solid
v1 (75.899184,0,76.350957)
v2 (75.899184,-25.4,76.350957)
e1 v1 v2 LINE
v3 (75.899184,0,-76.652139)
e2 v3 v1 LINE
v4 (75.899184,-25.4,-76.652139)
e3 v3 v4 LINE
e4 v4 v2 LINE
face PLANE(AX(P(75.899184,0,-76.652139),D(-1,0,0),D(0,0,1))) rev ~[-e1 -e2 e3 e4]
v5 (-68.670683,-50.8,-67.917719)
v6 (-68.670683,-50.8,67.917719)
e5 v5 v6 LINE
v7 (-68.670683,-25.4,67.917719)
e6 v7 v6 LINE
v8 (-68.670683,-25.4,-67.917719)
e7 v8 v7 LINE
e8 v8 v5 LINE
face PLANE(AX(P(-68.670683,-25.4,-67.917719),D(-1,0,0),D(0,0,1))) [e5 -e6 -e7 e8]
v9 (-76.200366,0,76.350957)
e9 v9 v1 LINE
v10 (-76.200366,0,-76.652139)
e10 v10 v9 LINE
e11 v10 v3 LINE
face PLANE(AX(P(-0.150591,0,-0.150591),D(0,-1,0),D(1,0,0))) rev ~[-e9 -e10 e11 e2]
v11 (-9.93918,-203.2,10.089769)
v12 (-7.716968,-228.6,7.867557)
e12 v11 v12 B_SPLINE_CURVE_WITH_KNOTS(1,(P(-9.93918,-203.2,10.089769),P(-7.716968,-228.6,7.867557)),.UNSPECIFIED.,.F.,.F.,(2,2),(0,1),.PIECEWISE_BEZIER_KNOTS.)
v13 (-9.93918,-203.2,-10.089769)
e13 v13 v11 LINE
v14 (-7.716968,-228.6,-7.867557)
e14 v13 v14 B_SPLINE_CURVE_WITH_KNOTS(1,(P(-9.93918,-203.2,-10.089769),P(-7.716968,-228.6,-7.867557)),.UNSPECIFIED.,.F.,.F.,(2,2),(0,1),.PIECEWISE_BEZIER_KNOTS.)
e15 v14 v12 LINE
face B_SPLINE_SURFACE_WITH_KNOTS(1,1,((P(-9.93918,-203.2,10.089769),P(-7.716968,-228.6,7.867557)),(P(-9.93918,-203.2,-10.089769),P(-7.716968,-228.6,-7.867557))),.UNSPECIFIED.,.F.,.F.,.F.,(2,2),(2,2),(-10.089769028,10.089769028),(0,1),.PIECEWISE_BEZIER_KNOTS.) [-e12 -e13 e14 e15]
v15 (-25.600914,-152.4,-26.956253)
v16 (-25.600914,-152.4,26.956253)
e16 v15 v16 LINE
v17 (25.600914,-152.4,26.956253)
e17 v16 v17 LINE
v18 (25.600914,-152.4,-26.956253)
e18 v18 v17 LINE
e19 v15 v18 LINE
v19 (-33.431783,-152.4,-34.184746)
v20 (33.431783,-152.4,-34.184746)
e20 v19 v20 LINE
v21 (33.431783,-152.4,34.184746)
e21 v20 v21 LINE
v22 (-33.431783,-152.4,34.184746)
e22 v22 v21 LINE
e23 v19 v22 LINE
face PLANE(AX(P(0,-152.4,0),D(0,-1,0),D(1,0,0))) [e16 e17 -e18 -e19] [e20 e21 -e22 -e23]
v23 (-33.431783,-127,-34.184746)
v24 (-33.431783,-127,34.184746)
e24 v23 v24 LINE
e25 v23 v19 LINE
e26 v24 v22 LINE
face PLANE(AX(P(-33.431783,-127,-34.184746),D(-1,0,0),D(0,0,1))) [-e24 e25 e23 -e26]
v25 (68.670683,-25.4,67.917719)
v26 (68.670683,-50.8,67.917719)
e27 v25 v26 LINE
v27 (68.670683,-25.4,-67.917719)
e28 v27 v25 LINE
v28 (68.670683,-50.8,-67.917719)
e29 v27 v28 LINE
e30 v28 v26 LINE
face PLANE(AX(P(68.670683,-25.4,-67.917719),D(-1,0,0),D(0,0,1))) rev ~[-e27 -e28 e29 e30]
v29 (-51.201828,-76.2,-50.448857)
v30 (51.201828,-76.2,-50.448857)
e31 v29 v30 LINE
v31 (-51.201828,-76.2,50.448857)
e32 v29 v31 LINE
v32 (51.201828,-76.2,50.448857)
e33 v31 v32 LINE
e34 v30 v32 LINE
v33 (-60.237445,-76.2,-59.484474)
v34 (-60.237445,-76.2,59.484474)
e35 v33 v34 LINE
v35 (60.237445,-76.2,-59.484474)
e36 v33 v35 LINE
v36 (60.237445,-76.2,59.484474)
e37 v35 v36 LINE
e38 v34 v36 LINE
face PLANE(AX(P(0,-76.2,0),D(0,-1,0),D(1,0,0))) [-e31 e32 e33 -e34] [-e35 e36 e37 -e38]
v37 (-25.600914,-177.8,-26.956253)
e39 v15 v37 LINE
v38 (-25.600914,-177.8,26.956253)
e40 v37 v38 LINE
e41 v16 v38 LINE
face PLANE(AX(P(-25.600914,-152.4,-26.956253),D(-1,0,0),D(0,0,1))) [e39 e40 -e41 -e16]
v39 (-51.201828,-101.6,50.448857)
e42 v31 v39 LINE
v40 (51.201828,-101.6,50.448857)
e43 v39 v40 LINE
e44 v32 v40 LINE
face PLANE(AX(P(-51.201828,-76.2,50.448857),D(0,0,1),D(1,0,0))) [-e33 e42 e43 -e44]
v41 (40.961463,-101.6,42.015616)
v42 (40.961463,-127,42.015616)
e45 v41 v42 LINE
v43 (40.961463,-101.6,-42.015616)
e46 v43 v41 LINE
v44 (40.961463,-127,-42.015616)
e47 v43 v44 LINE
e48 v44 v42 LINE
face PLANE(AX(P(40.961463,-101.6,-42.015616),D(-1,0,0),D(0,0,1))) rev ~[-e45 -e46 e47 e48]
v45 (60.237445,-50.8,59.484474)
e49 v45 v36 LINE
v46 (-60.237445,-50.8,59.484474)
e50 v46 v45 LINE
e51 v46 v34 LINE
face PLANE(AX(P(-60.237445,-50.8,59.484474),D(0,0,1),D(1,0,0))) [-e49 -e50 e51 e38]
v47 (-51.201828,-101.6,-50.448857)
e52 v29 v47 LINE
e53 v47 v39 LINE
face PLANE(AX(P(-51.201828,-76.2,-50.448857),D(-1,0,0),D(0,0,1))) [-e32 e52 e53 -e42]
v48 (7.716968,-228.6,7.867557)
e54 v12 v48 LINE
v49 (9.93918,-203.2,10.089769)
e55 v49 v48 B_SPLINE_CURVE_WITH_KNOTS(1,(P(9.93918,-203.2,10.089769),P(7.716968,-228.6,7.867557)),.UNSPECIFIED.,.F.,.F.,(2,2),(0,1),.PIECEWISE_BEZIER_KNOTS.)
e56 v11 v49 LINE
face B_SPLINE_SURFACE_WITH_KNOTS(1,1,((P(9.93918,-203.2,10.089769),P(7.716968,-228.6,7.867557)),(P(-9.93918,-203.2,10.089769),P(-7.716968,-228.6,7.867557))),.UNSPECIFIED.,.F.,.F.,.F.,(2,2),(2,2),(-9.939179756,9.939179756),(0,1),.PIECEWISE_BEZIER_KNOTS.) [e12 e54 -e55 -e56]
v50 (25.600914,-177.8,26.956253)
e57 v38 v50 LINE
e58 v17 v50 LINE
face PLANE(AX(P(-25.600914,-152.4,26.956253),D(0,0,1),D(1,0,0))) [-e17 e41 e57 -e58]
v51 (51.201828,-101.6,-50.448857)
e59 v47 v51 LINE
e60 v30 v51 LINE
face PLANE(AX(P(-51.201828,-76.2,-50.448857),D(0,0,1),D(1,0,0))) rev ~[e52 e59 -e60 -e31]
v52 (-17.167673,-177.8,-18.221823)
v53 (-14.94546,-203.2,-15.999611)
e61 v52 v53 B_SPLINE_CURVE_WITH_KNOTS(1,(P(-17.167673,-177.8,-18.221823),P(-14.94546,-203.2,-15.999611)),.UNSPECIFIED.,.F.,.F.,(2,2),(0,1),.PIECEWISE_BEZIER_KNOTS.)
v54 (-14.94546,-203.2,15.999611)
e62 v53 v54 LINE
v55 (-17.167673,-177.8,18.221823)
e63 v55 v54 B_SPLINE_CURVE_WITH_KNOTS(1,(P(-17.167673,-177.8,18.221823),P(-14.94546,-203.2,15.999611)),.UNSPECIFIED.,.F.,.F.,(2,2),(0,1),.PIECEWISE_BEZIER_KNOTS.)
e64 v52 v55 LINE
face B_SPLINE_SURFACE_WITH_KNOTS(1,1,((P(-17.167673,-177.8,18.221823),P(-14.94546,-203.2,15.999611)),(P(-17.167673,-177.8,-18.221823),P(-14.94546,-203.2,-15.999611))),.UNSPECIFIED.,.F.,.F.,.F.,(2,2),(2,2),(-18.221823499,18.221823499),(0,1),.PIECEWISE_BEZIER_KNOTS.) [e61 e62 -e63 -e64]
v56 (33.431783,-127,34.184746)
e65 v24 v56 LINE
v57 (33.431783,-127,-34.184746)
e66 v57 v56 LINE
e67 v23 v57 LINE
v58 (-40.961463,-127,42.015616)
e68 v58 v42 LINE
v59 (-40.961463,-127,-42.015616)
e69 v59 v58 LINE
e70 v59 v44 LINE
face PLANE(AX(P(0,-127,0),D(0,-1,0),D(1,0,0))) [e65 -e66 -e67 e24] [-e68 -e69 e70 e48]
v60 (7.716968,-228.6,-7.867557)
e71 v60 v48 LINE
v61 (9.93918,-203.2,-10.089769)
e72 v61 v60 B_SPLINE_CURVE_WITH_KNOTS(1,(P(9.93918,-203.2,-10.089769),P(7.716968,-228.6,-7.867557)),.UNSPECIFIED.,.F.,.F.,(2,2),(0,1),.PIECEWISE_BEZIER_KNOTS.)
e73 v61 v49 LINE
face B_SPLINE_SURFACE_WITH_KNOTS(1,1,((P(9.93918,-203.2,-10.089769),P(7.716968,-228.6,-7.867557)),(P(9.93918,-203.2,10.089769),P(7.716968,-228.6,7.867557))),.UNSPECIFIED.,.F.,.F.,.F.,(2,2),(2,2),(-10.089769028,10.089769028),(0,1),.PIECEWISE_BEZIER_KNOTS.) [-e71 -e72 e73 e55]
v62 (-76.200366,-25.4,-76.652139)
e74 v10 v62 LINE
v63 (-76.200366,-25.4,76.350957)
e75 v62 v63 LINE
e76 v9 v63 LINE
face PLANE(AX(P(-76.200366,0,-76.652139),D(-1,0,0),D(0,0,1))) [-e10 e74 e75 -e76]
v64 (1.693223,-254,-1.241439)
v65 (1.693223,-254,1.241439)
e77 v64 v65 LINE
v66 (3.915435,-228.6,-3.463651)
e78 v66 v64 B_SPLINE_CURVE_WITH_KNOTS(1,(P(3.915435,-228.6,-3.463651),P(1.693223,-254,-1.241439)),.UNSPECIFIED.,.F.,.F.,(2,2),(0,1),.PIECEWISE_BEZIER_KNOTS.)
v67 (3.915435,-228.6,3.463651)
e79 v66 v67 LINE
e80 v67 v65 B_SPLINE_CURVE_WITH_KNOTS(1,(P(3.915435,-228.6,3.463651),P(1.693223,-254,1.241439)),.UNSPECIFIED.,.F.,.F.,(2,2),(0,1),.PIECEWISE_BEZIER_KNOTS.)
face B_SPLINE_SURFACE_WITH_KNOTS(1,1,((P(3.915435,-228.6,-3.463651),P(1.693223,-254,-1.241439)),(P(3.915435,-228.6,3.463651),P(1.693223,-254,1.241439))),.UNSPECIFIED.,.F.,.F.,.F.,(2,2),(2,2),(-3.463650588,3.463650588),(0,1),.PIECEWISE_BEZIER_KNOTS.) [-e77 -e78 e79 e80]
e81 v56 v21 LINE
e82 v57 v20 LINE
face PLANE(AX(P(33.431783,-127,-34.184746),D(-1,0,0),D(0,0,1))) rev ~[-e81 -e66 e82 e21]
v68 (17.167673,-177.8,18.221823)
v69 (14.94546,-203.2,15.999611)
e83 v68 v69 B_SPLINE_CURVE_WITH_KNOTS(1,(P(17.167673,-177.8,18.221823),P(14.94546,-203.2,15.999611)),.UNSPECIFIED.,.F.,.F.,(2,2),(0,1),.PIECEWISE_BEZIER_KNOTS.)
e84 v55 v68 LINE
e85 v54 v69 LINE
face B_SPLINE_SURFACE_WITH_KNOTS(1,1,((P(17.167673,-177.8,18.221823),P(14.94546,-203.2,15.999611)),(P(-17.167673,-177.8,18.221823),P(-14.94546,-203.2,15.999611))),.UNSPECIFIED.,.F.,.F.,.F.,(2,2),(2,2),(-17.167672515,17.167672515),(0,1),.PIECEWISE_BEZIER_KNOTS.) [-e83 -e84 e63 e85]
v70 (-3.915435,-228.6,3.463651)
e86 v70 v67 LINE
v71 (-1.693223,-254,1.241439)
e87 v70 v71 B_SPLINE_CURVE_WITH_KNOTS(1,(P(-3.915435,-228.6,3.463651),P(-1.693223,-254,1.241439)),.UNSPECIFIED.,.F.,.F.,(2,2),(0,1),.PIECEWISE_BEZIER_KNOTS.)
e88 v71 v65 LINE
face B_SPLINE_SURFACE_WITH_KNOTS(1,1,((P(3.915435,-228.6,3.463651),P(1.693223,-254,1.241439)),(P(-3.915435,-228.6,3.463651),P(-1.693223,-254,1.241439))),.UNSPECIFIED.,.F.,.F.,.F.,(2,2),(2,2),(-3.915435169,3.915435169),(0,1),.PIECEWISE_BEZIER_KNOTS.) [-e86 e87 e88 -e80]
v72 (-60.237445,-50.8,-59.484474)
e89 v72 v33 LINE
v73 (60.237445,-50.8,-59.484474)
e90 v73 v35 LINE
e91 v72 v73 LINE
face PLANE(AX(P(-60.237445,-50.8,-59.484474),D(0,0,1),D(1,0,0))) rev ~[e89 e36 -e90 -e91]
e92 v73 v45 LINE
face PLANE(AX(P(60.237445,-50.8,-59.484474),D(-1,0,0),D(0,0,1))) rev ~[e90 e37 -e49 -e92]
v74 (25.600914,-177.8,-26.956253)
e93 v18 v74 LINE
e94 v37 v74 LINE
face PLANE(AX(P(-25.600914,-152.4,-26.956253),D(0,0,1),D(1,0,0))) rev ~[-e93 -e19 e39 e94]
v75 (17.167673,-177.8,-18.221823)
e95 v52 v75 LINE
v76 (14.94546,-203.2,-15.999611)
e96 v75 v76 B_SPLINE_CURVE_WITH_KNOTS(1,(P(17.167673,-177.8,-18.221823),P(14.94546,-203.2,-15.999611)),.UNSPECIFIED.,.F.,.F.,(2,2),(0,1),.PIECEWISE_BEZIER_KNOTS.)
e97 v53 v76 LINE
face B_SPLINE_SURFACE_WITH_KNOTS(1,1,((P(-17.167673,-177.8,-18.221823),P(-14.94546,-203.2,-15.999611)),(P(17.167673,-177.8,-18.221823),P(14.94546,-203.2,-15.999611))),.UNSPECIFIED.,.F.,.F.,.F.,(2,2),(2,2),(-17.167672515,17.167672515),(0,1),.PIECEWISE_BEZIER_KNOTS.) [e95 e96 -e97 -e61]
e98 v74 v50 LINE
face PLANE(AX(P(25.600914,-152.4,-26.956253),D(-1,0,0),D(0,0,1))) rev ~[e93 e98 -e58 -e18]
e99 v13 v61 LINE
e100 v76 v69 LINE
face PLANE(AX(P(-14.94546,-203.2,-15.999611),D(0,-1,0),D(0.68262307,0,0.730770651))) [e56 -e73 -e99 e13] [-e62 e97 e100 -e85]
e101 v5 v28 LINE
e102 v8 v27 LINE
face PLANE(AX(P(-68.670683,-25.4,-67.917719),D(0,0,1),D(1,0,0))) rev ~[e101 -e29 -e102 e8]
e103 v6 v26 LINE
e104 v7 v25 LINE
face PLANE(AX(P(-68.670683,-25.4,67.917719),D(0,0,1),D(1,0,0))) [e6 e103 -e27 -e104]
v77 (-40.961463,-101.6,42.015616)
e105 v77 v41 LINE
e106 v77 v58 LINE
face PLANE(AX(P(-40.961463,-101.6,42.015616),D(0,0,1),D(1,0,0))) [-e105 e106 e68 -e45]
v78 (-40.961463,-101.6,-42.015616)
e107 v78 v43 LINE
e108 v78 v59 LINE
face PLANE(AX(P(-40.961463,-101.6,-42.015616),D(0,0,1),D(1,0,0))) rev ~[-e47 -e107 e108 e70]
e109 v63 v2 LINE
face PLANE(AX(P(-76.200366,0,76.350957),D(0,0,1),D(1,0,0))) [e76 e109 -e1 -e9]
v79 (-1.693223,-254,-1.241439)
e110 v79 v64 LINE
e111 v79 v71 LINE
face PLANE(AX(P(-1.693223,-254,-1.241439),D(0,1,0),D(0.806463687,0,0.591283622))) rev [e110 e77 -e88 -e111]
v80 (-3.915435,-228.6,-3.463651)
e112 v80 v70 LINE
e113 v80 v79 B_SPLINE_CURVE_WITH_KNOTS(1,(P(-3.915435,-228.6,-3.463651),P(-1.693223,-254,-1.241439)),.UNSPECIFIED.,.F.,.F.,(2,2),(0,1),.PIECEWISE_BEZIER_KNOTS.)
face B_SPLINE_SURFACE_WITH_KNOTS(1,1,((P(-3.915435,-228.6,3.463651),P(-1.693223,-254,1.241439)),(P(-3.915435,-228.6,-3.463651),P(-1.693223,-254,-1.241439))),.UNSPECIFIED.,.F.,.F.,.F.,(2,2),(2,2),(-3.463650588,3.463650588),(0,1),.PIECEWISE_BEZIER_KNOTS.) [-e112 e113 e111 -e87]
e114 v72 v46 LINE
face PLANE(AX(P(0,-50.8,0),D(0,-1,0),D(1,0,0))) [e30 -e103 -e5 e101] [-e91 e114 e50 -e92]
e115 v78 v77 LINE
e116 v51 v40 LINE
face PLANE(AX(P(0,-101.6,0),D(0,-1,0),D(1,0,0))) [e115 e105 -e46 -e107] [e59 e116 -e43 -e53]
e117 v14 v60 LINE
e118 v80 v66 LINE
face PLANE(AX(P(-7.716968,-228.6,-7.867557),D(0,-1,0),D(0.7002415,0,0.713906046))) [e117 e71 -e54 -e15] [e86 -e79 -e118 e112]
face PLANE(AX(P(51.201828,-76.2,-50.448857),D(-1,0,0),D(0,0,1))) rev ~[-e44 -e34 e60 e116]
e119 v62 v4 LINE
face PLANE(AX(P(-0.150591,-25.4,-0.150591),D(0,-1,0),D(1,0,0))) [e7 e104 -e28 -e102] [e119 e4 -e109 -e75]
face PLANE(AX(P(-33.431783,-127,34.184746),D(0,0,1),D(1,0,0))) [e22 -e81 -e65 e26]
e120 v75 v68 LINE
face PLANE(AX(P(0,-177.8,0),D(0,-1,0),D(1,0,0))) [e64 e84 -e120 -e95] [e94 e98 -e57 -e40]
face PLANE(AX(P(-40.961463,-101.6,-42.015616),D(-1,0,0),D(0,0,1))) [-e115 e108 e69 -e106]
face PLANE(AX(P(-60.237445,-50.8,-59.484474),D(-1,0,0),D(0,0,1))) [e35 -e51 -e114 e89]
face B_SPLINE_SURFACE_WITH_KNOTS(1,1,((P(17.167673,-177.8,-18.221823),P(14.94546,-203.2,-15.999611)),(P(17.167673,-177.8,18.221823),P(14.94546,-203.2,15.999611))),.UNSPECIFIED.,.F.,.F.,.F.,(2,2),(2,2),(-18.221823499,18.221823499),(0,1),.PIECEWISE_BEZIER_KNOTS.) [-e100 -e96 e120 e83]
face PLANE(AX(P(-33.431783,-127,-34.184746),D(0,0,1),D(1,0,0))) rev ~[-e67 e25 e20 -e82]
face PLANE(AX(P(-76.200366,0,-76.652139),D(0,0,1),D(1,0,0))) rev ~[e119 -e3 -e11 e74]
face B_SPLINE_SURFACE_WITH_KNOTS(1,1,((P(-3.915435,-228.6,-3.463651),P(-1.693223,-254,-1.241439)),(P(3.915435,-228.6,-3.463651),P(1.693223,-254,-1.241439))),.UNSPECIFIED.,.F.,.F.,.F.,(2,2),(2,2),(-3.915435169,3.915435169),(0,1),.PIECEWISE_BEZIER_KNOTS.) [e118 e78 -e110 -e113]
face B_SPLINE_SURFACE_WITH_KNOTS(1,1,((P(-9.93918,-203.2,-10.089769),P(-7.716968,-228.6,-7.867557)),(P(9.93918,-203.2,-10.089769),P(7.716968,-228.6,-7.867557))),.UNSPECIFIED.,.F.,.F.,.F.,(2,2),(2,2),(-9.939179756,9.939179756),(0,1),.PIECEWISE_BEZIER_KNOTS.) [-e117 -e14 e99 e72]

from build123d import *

# Parameters (mm, degrees)
F0_W      = 152.0995497704
F0_H      = 153.0030965805
F1_DEPTH  = 25.4
F2_W      = 137.3413652182
F2_H      = 135.8354389668
F3_DEPTH  = 25.4
F4_W      = 120.4748898745
F4_H      = 118.9689487219
F5_DEPTH  = 25.4
F6_W      = 102.4036556482
F6_H      = 100.8977144957
F7_DEPTH  = 25.4
F8_W      = 81.9229260087
F8_H      = 84.0312317014
F9_DEPTH  = 25.4
F10_W     = 66.863566637
F10_H     = 68.3694928885
F11_DEPTH = 25.4
F12_W     = 51.2018278241
F12_H     = 53.9125055075
F13_DEPTH = 25.4
F14_W     = 34.3353450298
F14_H     = 36.4436469972
F15_DEPTH = 25.4
F15_TAPER = 5
F16_W     = 19.8783595115
F16_H     = 20.1795380563
F17_DEPTH = 25.4
F17_TAPER = 5
F18_W     = 7.8308703378
F18_H     = 6.9273011759
F19_DEPTH = 25.4
F19_TAPER = 5


with BuildPart() as f1:
    # F0 (on Front) → F1 (new body)
    with BuildSketch(Plane.XZ):
        with Locations((-0.150591135, -0.150591135)):
            Rectangle(F0_W, F0_H)
    extrude(amount=F1_DEPTH)

    # F2 (on face) → F3 (join)
    with BuildSketch(Plane.XZ.offset(25.4)):
        Rectangle(F2_W, F2_H)
    extrude(amount=F3_DEPTH)

    # F4 (on face) → F5 (join)
    with BuildSketch(Plane.XZ.offset(50.8)):
        Rectangle(F4_W, F4_H)
    extrude(amount=F5_DEPTH)

    # F6 (on face) → F7 (join)
    with BuildSketch(Plane.XZ.offset(76.2)):
        Rectangle(F6_W, F6_H)
    extrude(amount=F7_DEPTH)

    # F8 (on face) → F9 (join)
    with BuildSketch(Plane.XZ.offset(101.6)):
        Rectangle(F8_W, F8_H)
    extrude(amount=F9_DEPTH)

    # F10 (on face) → F11 (join)
    with BuildSketch(Plane.XZ.offset(127)):
        Rectangle(F10_W, F10_H)
    extrude(amount=F11_DEPTH)

    # F12 (on face) → F13 (join)
    with BuildSketch(Plane.XZ.offset(152.4)):
        Rectangle(F12_W, F12_H)
    extrude(amount=F13_DEPTH)

    # F14 (on face) → F15 (join)
    with BuildSketch(Plane.XZ.offset(177.8)):
        Rectangle(F14_W, F14_H)
    extrude(amount=F15_DEPTH, taper=F15_TAPER)

    # F16 (on face) → F17 (join)
    with BuildSketch(Plane.XZ.offset(203.2)):
        Rectangle(F16_W, F16_H)
    extrude(amount=F17_DEPTH, taper=F17_TAPER)

    # F18 (on face) → F19 (join)
    with BuildSketch(Plane.XZ.offset(228.6)):
        Rectangle(F18_W, F18_H)
    extrude(amount=F19_DEPTH, taper=F19_TAPER)


solid = f1.part
